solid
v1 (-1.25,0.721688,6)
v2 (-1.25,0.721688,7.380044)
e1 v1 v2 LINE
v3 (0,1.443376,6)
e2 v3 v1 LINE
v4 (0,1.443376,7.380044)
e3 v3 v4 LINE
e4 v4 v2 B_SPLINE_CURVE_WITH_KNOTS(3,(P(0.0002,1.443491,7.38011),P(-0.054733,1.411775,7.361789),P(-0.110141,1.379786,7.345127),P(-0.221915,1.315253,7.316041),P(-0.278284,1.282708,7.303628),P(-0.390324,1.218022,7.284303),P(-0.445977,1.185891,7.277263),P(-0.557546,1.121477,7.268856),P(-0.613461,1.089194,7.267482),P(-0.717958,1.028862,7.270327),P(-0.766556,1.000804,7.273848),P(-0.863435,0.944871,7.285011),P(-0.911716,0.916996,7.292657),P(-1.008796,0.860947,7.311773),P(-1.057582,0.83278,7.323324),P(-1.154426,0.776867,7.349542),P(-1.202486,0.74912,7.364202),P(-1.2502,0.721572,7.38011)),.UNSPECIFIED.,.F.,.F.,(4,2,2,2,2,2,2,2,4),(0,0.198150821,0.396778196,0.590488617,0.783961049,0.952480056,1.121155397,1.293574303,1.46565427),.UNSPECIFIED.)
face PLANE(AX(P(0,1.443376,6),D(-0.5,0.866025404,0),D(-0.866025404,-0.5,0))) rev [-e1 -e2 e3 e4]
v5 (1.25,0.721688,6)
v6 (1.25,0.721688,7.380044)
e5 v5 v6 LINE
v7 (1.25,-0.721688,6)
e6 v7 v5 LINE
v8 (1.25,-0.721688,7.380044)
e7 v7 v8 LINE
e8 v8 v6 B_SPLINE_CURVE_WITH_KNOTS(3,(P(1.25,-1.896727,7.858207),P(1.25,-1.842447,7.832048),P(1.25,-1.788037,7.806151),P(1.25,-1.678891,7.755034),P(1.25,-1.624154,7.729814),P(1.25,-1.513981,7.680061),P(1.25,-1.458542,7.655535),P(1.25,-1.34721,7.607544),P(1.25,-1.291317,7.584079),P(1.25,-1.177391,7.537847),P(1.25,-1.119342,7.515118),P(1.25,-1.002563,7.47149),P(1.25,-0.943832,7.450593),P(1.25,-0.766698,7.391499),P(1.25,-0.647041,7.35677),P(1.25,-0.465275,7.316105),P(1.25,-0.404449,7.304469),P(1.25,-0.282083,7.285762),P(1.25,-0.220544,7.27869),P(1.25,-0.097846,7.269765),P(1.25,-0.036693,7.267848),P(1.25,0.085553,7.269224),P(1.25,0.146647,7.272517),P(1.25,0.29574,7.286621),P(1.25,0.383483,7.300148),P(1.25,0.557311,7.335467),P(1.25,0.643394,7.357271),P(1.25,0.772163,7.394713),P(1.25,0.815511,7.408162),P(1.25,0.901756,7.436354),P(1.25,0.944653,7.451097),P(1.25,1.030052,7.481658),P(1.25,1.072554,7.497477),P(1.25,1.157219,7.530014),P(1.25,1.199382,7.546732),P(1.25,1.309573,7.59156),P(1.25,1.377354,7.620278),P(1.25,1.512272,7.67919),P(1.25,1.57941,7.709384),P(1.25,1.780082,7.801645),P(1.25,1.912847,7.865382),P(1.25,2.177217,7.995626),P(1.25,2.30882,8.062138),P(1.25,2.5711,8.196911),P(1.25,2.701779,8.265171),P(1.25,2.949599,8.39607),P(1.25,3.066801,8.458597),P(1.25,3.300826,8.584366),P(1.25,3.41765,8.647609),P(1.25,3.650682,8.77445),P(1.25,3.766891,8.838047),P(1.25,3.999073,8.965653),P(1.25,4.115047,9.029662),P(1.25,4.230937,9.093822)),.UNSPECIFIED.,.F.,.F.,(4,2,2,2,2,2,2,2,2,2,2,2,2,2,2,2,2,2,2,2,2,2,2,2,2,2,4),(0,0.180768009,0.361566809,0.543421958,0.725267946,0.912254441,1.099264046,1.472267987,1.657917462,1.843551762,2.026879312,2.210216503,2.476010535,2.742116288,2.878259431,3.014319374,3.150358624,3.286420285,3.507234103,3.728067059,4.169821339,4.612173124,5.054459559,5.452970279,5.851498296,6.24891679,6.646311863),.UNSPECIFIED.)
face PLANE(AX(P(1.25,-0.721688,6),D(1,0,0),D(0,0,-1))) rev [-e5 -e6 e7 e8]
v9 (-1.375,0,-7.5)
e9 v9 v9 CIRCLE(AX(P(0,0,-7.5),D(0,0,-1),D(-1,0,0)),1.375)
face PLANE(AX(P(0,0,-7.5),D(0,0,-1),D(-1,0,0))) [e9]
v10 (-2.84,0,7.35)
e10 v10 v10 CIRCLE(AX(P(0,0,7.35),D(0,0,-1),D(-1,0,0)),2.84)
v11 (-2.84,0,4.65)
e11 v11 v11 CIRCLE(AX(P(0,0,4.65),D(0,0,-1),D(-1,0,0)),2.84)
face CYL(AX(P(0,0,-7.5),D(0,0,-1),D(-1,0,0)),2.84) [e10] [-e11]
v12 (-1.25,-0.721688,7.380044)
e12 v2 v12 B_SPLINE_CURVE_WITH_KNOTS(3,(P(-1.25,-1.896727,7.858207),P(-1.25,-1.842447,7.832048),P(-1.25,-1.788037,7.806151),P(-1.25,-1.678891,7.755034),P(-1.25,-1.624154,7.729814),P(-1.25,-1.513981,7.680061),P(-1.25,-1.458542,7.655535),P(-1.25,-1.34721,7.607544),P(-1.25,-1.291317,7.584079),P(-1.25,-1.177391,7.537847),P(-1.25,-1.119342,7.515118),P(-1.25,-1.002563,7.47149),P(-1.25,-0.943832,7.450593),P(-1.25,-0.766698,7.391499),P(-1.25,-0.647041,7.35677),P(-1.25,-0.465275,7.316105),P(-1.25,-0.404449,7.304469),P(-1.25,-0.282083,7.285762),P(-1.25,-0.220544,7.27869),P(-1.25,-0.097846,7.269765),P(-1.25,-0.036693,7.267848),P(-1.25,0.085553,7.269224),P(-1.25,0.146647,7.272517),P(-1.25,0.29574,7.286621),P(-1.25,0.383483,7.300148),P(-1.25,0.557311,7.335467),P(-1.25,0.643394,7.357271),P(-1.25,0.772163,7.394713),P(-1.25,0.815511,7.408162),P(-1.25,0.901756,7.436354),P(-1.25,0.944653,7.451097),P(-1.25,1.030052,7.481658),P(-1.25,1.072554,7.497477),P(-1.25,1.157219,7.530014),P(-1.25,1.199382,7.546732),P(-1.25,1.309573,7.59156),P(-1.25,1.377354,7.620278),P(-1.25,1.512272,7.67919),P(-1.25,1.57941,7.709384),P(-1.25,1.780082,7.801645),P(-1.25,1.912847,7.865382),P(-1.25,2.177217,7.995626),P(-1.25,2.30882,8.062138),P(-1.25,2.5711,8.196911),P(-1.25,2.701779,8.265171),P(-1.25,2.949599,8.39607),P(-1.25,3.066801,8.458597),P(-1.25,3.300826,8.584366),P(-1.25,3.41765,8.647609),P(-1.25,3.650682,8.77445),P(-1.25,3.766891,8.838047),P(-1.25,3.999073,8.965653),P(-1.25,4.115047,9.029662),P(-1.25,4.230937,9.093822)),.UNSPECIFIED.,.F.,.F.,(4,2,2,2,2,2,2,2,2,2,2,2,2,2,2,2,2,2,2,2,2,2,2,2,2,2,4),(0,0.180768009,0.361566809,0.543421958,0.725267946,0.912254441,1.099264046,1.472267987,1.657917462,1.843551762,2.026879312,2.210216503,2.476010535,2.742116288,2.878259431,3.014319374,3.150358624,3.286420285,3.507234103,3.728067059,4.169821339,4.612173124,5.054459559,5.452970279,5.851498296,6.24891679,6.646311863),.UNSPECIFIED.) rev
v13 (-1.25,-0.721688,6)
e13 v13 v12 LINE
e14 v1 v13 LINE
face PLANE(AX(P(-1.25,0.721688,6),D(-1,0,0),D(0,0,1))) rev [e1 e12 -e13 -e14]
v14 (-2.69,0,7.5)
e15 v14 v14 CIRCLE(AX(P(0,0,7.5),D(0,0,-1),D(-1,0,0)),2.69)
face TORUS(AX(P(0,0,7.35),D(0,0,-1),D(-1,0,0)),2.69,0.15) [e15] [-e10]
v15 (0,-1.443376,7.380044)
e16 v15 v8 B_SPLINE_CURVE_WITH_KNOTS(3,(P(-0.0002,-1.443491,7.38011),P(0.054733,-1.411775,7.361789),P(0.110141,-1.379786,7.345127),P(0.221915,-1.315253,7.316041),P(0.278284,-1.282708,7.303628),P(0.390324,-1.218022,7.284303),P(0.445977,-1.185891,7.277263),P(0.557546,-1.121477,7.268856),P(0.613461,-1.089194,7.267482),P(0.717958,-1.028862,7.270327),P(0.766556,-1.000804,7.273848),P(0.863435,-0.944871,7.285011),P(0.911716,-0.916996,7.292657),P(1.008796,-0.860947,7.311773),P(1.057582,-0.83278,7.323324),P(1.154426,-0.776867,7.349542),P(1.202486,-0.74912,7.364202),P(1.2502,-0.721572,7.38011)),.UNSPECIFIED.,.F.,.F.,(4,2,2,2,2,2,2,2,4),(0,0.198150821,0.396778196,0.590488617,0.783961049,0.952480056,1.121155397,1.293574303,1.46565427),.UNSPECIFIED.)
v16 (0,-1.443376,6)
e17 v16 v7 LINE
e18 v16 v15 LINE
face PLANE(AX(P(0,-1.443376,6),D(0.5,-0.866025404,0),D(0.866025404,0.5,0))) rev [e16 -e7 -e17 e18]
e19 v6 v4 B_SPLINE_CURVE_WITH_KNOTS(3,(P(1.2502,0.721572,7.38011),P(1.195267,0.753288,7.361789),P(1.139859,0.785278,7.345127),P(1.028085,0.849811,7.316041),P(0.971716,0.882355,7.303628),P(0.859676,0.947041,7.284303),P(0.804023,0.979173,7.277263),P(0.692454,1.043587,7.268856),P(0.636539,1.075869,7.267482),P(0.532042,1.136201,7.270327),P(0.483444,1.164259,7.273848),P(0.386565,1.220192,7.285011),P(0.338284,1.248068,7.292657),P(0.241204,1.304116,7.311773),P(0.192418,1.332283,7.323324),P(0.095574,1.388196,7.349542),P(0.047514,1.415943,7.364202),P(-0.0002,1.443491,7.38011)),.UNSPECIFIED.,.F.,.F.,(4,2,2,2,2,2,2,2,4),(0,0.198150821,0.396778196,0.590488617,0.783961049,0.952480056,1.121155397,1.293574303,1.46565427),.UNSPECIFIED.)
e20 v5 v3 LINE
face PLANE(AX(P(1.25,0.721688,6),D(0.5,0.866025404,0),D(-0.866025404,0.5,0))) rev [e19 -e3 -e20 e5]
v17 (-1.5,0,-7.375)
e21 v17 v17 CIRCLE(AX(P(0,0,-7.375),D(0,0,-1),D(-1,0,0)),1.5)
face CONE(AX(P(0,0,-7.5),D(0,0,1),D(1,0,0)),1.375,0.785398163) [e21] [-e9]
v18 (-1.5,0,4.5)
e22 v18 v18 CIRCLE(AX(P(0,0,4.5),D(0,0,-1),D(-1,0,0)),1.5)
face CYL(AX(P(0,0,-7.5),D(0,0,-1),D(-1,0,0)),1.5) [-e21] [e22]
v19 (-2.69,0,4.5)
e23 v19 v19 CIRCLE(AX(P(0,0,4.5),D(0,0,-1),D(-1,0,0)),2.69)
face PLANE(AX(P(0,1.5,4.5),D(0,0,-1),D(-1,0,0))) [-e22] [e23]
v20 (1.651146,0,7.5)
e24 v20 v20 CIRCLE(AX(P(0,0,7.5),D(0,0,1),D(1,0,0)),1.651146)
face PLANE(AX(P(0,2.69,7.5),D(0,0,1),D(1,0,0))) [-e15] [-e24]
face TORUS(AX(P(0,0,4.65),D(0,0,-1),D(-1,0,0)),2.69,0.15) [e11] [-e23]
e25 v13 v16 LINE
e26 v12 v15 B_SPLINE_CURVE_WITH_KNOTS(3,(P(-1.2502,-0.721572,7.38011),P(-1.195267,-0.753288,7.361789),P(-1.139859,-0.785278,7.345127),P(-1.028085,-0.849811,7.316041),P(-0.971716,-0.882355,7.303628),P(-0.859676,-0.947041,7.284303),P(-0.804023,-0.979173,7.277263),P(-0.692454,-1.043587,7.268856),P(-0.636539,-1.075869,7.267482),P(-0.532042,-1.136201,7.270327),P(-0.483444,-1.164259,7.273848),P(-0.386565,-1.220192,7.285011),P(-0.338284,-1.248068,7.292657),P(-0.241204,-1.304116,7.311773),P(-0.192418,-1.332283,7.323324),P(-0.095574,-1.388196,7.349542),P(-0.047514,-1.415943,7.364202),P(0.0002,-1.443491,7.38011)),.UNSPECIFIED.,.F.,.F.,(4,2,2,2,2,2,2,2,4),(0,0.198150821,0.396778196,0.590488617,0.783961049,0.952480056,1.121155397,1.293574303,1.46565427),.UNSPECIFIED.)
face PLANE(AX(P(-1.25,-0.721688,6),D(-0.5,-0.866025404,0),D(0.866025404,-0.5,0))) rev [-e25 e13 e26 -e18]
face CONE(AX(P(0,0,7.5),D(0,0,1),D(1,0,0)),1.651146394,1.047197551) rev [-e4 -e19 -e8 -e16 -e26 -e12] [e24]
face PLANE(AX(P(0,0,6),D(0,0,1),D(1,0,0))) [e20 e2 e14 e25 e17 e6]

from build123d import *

# Parameters (mm, degrees)
CUT_EXTRUDE1_START = 7.5
CUT_EXTRUDE1_DEPTH = 1.5


with BuildPart() as part:
    # Sketch2 → Revolve1 (revolve)
    with BuildSketch(Plane(origin=(0, 0, 0), x_dir=(0, 0, -1), z_dir=(1, 0, 0)), mode=Mode.PRIVATE) as revolve1_sk:
        with BuildLine():
            Line((7.5, 0), (7.5, 1.375))
            Line((7.5, 1.375), (7.375, 1.5))
            Line((7.375, 1.5), (-4.5, 1.5))
            Line((-4.5, 1.5), (-4.5, 2.69))
            ThreePointArc((-4.5, 2.69), (-4.543933983, 2.796066017), (-4.65, 2.84))
            Line((-4.65, 2.84), (-7.35, 2.84))
            ThreePointArc((-7.35, 2.84), (-7.456066017, 2.796066017), (-7.5, 2.69))
            Line((-7.5, 2.69), (-7.5, 0))
            Line((-7.5, 0), (7.5, 0))
        make_face()
    revolve(revolve1_sk.sketch.rotate(Axis((0, 0, -7.5), (0, 0, 1)), 90), axis=Axis((0, 0, -7.5), (0, 0, 1)))

    # Sketch3 → Cut-Extrude1 (cut)
    with BuildSketch(Plane.XY.offset(CUT_EXTRUDE1_START)):
        Polygon((-1.25, 0.721687836), (-1.25, -0.721687836), (0, -1.443375673), (1.25, -0.721687836), (1.25, 0.721687836), (0, 1.443375673), align=None)
    extrude(amount=-CUT_EXTRUDE1_DEPTH, mode=Mode.SUBTRACT)

    # Cut-Extrude2 cone 1 section (through the dimple's axis) → Cut-Extrude2 (revolve, cut)
    with BuildSketch(Plane(origin=(0, 0, 7.5), x_dir=(0, -1, 0), z_dir=(1, 0, 0))):
        Polygon((0, 0), (1.651146394, 0), (0, 0.953289815), align=None)
    revolve(axis=Axis((0, 0, 7.5), (0, 0, -1)), mode=Mode.SUBTRACT)


solid = part.part
